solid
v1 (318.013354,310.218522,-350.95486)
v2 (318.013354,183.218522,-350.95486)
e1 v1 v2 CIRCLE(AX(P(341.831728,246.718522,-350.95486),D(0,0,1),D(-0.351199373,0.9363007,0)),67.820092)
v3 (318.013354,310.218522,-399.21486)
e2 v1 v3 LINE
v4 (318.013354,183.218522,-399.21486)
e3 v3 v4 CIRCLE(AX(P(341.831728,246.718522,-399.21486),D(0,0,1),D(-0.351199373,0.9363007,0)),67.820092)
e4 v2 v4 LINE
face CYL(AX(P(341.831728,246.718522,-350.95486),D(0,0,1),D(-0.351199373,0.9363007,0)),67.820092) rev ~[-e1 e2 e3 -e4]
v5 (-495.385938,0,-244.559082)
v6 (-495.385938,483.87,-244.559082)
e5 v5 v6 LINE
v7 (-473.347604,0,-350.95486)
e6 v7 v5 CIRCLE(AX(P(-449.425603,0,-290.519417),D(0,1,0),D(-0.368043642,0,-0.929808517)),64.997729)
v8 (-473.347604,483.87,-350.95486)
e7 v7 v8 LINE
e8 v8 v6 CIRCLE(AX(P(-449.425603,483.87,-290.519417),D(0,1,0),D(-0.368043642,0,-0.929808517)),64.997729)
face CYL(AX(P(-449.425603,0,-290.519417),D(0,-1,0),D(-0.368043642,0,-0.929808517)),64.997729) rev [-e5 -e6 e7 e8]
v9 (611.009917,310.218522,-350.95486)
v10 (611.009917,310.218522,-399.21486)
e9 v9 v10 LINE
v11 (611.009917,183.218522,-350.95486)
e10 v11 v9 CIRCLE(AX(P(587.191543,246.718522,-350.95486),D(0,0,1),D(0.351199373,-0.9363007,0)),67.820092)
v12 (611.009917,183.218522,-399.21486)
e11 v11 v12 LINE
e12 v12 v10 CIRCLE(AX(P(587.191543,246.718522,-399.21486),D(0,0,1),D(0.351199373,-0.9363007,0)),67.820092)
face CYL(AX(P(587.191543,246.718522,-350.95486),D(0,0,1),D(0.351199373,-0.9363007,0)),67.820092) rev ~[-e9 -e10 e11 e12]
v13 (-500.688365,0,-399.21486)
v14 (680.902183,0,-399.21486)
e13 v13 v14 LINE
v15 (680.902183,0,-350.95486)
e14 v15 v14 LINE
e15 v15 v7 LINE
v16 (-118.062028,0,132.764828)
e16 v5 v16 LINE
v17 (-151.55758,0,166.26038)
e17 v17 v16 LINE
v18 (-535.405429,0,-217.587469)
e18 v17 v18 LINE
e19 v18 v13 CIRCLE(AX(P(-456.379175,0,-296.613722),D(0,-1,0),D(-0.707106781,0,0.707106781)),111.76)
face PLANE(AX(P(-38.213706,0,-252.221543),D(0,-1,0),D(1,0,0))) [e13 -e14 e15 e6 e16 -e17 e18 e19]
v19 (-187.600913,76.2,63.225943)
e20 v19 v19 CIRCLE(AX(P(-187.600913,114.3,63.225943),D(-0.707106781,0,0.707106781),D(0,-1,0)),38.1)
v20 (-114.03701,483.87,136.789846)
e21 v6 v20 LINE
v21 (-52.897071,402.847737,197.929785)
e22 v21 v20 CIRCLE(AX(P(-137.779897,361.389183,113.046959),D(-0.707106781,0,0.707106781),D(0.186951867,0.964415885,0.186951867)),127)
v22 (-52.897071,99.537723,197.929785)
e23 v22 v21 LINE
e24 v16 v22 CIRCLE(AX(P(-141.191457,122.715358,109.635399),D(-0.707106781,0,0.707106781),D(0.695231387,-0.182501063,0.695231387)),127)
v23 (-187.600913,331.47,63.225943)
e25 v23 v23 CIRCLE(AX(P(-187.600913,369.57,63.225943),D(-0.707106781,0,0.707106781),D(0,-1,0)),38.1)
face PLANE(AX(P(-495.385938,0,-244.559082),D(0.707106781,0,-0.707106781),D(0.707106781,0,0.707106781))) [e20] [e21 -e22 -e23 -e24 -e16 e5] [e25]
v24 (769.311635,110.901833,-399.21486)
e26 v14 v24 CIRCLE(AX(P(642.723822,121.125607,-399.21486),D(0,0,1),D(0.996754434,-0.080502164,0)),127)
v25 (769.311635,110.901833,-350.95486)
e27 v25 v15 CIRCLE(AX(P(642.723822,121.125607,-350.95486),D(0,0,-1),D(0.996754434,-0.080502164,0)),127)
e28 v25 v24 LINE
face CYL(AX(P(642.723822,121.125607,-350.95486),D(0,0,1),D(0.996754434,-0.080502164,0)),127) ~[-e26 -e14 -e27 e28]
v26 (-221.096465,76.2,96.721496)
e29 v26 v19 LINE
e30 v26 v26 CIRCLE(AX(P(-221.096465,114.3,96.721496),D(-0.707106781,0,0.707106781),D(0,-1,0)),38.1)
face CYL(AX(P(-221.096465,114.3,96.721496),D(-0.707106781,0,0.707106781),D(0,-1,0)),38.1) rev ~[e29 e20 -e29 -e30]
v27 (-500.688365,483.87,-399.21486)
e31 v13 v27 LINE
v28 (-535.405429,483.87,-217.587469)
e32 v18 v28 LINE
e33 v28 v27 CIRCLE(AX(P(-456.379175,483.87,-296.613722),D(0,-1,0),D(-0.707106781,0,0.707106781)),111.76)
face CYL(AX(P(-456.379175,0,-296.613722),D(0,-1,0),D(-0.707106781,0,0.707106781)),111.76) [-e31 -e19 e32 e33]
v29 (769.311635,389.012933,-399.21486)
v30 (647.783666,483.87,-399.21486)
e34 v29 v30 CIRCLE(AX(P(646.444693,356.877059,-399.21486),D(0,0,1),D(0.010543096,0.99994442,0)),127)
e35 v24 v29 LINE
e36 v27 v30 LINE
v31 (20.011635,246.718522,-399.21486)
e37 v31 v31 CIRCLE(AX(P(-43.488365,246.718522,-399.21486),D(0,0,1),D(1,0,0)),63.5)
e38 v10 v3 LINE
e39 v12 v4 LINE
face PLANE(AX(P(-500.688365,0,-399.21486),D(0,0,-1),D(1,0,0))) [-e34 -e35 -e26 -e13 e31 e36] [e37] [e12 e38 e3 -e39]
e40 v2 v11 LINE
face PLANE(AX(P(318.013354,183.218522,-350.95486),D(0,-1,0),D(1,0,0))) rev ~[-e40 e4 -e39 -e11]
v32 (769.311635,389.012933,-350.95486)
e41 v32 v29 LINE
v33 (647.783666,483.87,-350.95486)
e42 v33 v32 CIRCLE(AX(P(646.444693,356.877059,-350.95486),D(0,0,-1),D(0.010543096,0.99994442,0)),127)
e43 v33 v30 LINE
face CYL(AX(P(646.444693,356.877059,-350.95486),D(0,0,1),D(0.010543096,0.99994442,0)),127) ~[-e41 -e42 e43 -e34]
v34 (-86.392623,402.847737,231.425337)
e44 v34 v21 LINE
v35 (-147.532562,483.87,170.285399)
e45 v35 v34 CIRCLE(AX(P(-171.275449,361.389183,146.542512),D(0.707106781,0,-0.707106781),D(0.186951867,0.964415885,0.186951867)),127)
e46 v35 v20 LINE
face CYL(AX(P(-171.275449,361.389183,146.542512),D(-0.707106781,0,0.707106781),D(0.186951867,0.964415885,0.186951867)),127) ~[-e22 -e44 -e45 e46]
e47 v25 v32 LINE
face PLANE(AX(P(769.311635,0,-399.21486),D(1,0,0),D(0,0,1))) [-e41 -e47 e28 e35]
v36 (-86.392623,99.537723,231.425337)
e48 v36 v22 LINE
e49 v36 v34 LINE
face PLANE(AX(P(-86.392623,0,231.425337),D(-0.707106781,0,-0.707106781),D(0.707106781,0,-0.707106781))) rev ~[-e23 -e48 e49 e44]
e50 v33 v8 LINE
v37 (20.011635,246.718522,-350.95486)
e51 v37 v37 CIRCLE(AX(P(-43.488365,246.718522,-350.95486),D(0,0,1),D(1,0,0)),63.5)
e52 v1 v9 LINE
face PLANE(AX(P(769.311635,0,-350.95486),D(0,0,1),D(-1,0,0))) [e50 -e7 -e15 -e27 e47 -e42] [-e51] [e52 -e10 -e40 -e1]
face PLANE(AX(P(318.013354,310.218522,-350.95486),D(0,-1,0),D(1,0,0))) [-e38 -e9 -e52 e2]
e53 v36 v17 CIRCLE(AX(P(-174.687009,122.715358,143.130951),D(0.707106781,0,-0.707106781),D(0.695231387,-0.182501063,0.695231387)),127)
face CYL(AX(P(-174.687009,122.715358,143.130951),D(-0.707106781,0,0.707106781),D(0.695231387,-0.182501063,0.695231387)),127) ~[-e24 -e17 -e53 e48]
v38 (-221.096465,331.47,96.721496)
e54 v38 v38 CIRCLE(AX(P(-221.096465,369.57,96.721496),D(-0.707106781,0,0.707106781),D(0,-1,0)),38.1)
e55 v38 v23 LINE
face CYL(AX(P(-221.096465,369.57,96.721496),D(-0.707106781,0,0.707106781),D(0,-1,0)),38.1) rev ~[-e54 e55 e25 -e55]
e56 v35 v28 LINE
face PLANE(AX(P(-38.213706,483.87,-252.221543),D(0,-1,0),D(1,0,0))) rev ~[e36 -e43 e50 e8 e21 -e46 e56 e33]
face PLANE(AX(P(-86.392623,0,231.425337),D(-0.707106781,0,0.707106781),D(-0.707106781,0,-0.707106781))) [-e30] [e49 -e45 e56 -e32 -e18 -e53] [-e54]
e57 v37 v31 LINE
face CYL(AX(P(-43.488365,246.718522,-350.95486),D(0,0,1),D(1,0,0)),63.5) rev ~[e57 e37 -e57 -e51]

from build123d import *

# Parameters (mm, degrees)
F1_DEPTH = 483.87
F2_R     = 63.5
F2_W     = 292.9965630609
F2_H     = 127
F3_DEPTH = 48.261
F4_R     = 38.1
F5_DEPTH = 78.74
F6_DEPTH = 483.871


with BuildPart() as f1:
    # F0 (on Front) → F1 (new body)
    with BuildSketch(Plane.XZ):
        with BuildLine():
            Line((769.3116354294, -399.2148596497), (769.3116354294, -350.9548596497))
            Line((769.3116354294, -350.9548596497), (-473.3476042747, -350.9548596497))
            ThreePointArc((-473.3476042747, -350.9548596497), (-513.072288863, -303.7029004261), (-495.3859384083, -244.5590822901))
            Line((-495.3859384083, -244.5590822901), (-46.3731323549, 204.4537237633))
            Line((-46.3731323549, 204.4537237633), (-86.3926232658, 231.4253374939))
            Line((-86.3926232658, 231.4253374939), (-535.4054293192, -217.5874685596))
            ThreePointArc((-535.4054293192, -217.5874685596), (-566.1518276604, -317.596153827), (-500.6883645706, -399.2148596497))
            Line((-500.6883645706, -399.2148596497), (769.3116354294, -399.2148596497))
        make_face()
    extrude(amount=-F1_DEPTH)

    # F2 (on face) → F3 (cut, through all)
    with BuildSketch(Plane.XY.offset(-350.9548596497)):
        with Locations((-43.4883645706, 246.7185220676)):
            Circle(F2_R)
        with Locations((464.5116354294, 246.7185220676)):
            Rectangle(F2_W, F2_H)
        with BuildLine():
            ThreePointArc((611.0099169598, 183.2185220676), (655.0116354294, 246.7185220676), (611.0099169598, 310.2185220676))
            Line((611.0099169598, 310.2185220676), (611.0099169598, 183.2185220676))
        make_face()
        with BuildLine():
            Line((318.013353899, 183.2185220676), (318.013353899, 310.2185220676))
            ThreePointArc((318.013353899, 310.2185220676), (274.0116354294, 246.7185220676), (318.013353899, 183.2185220676))
        make_face()
        with BuildLine():
            ThreePointArc((647.7836660054, 483.87), (724.587147216, 456.9907780756), (769.3116354294, 389.0129327774))
            Line((769.3116354294, 389.0129327774), (769.3116354294, 483.87))
            Line((769.3116354294, 483.87), (647.7836660054, 483.87))
        make_face()
        with BuildLine():
            Line((769.3116354294, 0), (769.3116354294, 110.9018325806))
            ThreePointArc((769.3116354294, 110.9018325806), (742.030303117, 41.9598138448), (680.9021830559, 0))
            Line((680.9021830559, 0), (769.3116354294, 0))
        make_face()
    extrude(amount=-F3_DEPTH, mode=Mode.SUBTRACT)

    # F4 (on face) → F5 (cut)
    with BuildSketch(Plane(origin=(-158.9089803798, 0, 158.9089803798), x_dir=(0, -1, 0), z_dir=(-0.7071067812, 0, 0.7071067812))):
        with Locations((-369.57, -87.9463842754)):
            Circle(F4_R)
        with Locations((-114.3, -87.9463842754)):
            Circle(F4_R)
        with BuildLine():
            ThreePointArc((-99.5377227664, 102.5536157246), (-36.434263942, 70.8775530516), (0, 10.3964496136))
            Line((0, 10.3964496136), (0, 102.5536157246))
            Line((0, 102.5536157246), (-99.5377227664, 102.5536157246))
        make_face()
        with BuildLine():
            ThreePointArc((-483.87, 16.0886850208), (-454.0610525131, 69.3496689518), (-402.8477370739, 102.5536157246))
            Line((-402.8477370739, 102.5536157246), (-483.87, 102.5536157246))
            Line((-483.87, 102.5536157246), (-483.87, 16.0886850208))
        make_face()
    extrude(amount=-F5_DEPTH, mode=Mode.SUBTRACT)

    # F6 (cut, through all): a face of the model
    f6_faces = [f1.faces().sort_by_distance(p)[0] for p in [
        (-61.8876088552, 0, 211.2696154768),
    ]]
    extrude(f6_faces, amount=-F6_DEPTH, mode=Mode.SUBTRACT)


solid = f1.part
